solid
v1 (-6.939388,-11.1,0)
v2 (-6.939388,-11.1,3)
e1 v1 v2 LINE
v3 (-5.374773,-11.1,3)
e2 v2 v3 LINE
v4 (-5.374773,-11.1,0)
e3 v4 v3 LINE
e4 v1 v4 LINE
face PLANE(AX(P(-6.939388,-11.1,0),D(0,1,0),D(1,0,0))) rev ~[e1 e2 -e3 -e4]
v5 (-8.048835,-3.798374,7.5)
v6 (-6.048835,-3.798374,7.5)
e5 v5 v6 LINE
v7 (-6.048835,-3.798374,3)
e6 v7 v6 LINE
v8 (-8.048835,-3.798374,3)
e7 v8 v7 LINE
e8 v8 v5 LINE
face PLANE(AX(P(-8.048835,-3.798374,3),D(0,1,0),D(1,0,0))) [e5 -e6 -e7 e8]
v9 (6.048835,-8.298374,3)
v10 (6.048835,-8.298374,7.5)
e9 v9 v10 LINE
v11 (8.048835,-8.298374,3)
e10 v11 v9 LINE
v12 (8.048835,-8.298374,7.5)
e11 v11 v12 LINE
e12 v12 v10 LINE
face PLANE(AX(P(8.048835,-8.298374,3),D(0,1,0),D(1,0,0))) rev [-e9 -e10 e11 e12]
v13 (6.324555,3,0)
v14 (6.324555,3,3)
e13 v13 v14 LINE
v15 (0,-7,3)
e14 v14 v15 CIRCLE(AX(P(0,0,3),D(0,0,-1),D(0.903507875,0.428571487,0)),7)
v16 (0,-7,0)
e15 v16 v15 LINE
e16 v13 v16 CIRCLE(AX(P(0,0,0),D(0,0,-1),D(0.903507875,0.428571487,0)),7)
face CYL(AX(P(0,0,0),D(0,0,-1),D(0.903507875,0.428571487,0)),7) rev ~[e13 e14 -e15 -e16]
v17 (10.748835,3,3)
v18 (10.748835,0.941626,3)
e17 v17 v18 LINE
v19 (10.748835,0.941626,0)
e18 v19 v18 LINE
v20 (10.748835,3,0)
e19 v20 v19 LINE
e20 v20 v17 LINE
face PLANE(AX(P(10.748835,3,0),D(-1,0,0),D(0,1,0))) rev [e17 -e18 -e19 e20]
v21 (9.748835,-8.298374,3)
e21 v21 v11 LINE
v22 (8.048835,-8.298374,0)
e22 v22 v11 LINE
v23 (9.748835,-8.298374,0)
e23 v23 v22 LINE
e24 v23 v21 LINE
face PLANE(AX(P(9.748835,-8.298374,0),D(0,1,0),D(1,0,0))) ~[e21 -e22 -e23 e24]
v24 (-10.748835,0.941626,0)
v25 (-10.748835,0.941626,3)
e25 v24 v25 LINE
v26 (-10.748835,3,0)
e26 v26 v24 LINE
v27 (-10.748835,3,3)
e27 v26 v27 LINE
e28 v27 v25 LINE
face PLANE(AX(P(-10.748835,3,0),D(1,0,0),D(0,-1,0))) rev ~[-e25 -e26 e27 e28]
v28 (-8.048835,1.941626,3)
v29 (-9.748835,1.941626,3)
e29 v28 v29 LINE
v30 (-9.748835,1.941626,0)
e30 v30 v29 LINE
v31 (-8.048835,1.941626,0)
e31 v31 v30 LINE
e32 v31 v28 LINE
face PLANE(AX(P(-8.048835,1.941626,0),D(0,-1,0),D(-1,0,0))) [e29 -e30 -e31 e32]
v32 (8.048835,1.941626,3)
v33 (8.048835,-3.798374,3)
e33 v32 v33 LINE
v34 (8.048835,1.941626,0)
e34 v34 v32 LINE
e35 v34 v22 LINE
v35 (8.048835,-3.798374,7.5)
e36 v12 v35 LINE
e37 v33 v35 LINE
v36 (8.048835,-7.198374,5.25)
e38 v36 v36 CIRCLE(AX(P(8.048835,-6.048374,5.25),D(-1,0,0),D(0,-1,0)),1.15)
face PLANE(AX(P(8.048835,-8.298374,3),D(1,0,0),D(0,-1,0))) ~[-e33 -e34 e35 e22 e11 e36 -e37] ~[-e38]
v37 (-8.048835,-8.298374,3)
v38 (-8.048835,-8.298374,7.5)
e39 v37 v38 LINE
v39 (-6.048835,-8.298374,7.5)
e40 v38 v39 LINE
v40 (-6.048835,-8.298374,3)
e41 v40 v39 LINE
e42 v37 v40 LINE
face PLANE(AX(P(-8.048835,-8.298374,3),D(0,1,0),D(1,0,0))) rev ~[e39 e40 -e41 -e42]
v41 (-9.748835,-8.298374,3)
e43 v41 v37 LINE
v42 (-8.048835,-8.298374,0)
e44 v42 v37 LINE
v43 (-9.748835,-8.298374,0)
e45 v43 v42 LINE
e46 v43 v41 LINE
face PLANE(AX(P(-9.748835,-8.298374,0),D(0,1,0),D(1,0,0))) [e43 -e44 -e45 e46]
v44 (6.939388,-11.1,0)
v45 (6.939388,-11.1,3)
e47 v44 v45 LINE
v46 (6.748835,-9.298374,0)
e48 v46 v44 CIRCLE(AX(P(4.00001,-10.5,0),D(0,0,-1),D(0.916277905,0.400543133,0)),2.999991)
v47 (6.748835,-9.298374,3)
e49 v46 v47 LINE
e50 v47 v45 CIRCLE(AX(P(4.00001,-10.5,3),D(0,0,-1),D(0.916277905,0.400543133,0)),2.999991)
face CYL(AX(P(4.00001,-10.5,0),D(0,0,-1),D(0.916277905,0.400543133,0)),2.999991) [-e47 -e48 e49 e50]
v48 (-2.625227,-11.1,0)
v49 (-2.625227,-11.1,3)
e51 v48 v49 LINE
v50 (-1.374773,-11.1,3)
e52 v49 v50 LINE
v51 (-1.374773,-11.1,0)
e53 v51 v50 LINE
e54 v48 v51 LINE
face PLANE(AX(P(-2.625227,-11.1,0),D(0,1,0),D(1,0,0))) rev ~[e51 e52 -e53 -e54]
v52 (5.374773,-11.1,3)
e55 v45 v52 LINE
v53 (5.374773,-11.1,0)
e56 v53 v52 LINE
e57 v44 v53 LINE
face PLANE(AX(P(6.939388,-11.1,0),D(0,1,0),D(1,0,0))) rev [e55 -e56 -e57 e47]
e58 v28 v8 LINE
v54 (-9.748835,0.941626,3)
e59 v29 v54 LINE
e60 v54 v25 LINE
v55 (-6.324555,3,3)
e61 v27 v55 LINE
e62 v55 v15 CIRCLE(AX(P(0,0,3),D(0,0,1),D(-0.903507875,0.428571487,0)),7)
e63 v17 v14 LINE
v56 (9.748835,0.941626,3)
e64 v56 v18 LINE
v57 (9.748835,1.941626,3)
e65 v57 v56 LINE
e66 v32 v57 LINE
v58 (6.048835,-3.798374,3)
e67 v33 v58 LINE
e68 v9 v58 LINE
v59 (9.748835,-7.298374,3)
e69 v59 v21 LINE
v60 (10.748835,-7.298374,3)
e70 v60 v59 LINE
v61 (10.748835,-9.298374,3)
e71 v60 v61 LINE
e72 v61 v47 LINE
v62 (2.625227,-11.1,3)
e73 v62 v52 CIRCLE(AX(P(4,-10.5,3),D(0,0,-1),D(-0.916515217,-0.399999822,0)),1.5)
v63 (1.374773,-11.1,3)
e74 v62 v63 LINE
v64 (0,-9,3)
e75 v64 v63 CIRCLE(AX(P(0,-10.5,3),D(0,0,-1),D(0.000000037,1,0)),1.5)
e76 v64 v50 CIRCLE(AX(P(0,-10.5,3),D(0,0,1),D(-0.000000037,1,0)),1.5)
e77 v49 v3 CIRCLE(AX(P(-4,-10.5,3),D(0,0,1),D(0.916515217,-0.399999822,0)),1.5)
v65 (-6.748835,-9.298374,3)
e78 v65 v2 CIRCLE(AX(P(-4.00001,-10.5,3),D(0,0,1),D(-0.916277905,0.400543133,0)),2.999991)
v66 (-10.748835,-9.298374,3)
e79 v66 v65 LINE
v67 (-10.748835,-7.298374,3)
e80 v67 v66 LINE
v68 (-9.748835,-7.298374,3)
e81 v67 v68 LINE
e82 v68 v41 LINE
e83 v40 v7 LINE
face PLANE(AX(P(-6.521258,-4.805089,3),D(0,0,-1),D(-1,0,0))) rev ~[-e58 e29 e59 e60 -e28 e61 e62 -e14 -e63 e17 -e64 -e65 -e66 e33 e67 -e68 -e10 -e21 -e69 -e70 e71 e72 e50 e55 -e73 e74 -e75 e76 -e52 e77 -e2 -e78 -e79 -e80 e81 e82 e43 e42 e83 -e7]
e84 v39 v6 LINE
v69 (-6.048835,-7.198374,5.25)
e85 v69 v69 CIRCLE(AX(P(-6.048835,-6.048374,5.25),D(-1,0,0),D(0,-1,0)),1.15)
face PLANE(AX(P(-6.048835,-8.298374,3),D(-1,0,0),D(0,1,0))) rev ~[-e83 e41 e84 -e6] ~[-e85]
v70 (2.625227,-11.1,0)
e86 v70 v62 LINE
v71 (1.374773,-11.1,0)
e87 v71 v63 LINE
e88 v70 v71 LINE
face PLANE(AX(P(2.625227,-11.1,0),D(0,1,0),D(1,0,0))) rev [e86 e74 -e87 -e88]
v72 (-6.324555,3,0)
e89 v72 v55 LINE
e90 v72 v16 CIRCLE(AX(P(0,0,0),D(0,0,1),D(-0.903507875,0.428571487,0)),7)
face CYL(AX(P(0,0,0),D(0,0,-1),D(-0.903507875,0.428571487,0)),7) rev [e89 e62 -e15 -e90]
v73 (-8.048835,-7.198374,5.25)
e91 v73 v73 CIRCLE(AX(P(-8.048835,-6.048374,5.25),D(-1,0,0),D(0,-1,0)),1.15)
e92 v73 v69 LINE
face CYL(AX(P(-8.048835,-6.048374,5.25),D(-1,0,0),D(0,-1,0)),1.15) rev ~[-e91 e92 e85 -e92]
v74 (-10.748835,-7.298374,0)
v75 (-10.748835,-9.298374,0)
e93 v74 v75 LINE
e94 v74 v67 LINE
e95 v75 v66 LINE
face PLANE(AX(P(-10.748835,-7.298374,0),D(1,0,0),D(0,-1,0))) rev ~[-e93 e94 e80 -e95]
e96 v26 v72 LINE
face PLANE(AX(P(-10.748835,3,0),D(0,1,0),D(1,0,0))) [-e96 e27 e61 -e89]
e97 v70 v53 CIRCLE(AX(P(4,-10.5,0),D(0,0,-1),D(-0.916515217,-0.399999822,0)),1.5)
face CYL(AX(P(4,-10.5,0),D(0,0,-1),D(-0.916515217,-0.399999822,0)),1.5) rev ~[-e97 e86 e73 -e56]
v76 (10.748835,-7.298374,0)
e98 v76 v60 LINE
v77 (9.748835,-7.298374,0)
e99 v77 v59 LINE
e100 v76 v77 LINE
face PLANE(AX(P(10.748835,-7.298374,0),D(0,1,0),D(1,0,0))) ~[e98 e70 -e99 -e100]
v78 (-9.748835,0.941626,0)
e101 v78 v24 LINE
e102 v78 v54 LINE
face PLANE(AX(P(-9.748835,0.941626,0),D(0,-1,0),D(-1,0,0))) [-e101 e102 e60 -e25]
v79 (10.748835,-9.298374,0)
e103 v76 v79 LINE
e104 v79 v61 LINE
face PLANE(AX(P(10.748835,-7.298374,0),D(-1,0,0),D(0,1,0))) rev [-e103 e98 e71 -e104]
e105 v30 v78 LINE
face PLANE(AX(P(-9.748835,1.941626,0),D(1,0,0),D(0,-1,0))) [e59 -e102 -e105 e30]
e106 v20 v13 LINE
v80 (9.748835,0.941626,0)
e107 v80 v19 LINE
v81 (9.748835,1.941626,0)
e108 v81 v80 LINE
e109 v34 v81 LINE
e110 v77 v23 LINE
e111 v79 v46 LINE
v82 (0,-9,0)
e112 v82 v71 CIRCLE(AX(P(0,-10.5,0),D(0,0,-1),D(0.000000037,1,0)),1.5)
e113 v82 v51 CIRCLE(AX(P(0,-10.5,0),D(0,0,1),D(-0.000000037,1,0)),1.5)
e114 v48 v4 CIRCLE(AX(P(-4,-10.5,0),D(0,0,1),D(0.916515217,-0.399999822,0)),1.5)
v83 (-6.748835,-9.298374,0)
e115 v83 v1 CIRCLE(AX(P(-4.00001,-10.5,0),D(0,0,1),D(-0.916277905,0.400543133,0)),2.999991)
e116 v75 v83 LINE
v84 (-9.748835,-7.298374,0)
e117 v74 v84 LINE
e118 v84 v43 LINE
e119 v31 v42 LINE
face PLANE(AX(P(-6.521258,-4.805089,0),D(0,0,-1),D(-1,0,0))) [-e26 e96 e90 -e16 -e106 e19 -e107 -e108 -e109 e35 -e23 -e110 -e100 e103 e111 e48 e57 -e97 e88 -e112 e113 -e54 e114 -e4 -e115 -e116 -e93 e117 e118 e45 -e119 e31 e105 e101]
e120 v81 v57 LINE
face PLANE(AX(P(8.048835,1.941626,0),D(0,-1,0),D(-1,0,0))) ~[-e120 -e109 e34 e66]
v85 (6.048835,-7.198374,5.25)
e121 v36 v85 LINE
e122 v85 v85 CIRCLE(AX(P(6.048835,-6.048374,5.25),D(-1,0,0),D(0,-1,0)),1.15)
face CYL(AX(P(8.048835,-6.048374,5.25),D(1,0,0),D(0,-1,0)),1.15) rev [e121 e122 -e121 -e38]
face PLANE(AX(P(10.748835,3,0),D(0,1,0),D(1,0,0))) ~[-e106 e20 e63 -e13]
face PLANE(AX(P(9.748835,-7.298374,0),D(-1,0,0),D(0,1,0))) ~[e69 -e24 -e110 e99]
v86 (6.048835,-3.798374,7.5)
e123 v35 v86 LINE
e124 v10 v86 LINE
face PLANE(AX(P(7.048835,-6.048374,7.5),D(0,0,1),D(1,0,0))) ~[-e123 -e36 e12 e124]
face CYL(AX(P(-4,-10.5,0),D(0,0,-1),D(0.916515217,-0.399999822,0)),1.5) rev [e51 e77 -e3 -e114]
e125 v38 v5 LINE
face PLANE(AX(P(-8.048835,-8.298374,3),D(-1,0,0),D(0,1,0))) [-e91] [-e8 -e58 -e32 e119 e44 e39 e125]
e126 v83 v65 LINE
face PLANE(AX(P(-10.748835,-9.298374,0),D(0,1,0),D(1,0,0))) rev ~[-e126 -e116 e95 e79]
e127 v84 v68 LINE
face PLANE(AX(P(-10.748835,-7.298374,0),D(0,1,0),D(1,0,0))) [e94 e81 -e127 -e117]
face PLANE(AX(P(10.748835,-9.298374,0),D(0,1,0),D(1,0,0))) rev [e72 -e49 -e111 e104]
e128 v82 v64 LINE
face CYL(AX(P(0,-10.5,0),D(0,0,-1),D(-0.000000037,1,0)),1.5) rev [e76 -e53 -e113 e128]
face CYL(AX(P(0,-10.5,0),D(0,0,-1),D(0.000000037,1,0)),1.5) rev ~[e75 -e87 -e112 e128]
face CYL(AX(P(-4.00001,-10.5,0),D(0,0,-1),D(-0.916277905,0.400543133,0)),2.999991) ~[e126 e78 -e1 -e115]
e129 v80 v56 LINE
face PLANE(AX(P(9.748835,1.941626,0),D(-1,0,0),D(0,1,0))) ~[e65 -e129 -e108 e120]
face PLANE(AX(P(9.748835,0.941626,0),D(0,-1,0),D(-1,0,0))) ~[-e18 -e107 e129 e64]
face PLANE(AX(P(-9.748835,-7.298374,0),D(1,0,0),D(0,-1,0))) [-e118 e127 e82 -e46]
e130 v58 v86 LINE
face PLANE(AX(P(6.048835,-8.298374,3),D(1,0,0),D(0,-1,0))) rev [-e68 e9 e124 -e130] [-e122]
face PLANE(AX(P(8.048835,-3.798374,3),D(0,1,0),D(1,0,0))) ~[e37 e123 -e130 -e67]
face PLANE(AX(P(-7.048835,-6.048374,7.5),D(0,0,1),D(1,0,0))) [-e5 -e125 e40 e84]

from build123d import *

# Parameters (mm, degrees)
PAD_DEPTH    = 3
SKETCH001_W  = 2
SKETCH001_H  = 4.5
PAD001_DEPTH = 4.5
SKETCH002_R  = 1.15
POCKET_DEPTH = 5


with BuildPart() as pocket:
    # Sketch → Pad (new body)
    with BuildSketch(Plane.XY):
        with BuildLine():
            ThreePointArc((-6.324555, 3), (-5.91608, -3.741657), (0, -7))
            Line((0, -7), (0, -9))
            ThreePointArc((0, -9), (-1.25499, -9.678416), (-1.374773, -11.1))
            Line((-2.625227, -11.1), (-1.374773, -11.1))
            ThreePointArc((-2.625227, -11.1), (-4, -9), (-5.374773, -11.1))
            Line((-6.939388, -11.1), (-5.374773, -11.1))
            ThreePointArc((-6.748835, -9.298374), (-6.98336, -10.184459), (-6.939388, -11.1))
            Line((-10.748835, -9.298374), (-6.748835, -9.298374))
            Line((-10.748835, -7.298374), (-10.748835, -9.298374))
            Line((-10.748835, -7.298374), (-9.748835, -7.298374))
            Line((-9.748835, -7.298374), (-9.748835, -8.298374))
            Line((-9.748835, -8.298374), (-8.048835, -8.298374))
            Line((-8.048835, 1.941626), (-8.048835, -8.298374))
            Line((-8.048835, 1.941626), (-9.748835, 1.941626))
            Line((-9.748835, 1.941626), (-9.748835, 0.941626))
            Line((-9.748835, 0.941626), (-10.748835, 0.941626))
            Line((-10.748835, 3), (-10.748835, 0.941626))
            Line((-10.748835, 3), (-6.324555, 3))
        make_face()
    extrude(amount=PAD_DEPTH)

    # Sketch001 → Pad001 (new body)
    with BuildSketch(Plane.XY.offset(3)):
        with Locations((-7.048835, -6.048374)):
            Rectangle(SKETCH001_W, SKETCH001_H)
    extrude(amount=PAD001_DEPTH)

    # Sketch002 → Pocket (cut)
    with BuildSketch(Plane(origin=(-8.048835, 0, 0), x_dir=(0, -1, 0), z_dir=(-1, 0, 0))):
        with Locations((6.048374, 5.25)):
            Circle(SKETCH002_R)
    extrude(amount=-POCKET_DEPTH, mode=Mode.SUBTRACT)


with BuildPart() as fusion:
    # Part__Mirroring: instance of Pocket
    add(pocket.part.mirror(Plane(origin=(0, 0, 0), x_dir=(0, -1, 0), z_dir=(1, 0, 0))))

    # Fusion: union Pocket
    add(pocket.part)


solid = fusion.part
